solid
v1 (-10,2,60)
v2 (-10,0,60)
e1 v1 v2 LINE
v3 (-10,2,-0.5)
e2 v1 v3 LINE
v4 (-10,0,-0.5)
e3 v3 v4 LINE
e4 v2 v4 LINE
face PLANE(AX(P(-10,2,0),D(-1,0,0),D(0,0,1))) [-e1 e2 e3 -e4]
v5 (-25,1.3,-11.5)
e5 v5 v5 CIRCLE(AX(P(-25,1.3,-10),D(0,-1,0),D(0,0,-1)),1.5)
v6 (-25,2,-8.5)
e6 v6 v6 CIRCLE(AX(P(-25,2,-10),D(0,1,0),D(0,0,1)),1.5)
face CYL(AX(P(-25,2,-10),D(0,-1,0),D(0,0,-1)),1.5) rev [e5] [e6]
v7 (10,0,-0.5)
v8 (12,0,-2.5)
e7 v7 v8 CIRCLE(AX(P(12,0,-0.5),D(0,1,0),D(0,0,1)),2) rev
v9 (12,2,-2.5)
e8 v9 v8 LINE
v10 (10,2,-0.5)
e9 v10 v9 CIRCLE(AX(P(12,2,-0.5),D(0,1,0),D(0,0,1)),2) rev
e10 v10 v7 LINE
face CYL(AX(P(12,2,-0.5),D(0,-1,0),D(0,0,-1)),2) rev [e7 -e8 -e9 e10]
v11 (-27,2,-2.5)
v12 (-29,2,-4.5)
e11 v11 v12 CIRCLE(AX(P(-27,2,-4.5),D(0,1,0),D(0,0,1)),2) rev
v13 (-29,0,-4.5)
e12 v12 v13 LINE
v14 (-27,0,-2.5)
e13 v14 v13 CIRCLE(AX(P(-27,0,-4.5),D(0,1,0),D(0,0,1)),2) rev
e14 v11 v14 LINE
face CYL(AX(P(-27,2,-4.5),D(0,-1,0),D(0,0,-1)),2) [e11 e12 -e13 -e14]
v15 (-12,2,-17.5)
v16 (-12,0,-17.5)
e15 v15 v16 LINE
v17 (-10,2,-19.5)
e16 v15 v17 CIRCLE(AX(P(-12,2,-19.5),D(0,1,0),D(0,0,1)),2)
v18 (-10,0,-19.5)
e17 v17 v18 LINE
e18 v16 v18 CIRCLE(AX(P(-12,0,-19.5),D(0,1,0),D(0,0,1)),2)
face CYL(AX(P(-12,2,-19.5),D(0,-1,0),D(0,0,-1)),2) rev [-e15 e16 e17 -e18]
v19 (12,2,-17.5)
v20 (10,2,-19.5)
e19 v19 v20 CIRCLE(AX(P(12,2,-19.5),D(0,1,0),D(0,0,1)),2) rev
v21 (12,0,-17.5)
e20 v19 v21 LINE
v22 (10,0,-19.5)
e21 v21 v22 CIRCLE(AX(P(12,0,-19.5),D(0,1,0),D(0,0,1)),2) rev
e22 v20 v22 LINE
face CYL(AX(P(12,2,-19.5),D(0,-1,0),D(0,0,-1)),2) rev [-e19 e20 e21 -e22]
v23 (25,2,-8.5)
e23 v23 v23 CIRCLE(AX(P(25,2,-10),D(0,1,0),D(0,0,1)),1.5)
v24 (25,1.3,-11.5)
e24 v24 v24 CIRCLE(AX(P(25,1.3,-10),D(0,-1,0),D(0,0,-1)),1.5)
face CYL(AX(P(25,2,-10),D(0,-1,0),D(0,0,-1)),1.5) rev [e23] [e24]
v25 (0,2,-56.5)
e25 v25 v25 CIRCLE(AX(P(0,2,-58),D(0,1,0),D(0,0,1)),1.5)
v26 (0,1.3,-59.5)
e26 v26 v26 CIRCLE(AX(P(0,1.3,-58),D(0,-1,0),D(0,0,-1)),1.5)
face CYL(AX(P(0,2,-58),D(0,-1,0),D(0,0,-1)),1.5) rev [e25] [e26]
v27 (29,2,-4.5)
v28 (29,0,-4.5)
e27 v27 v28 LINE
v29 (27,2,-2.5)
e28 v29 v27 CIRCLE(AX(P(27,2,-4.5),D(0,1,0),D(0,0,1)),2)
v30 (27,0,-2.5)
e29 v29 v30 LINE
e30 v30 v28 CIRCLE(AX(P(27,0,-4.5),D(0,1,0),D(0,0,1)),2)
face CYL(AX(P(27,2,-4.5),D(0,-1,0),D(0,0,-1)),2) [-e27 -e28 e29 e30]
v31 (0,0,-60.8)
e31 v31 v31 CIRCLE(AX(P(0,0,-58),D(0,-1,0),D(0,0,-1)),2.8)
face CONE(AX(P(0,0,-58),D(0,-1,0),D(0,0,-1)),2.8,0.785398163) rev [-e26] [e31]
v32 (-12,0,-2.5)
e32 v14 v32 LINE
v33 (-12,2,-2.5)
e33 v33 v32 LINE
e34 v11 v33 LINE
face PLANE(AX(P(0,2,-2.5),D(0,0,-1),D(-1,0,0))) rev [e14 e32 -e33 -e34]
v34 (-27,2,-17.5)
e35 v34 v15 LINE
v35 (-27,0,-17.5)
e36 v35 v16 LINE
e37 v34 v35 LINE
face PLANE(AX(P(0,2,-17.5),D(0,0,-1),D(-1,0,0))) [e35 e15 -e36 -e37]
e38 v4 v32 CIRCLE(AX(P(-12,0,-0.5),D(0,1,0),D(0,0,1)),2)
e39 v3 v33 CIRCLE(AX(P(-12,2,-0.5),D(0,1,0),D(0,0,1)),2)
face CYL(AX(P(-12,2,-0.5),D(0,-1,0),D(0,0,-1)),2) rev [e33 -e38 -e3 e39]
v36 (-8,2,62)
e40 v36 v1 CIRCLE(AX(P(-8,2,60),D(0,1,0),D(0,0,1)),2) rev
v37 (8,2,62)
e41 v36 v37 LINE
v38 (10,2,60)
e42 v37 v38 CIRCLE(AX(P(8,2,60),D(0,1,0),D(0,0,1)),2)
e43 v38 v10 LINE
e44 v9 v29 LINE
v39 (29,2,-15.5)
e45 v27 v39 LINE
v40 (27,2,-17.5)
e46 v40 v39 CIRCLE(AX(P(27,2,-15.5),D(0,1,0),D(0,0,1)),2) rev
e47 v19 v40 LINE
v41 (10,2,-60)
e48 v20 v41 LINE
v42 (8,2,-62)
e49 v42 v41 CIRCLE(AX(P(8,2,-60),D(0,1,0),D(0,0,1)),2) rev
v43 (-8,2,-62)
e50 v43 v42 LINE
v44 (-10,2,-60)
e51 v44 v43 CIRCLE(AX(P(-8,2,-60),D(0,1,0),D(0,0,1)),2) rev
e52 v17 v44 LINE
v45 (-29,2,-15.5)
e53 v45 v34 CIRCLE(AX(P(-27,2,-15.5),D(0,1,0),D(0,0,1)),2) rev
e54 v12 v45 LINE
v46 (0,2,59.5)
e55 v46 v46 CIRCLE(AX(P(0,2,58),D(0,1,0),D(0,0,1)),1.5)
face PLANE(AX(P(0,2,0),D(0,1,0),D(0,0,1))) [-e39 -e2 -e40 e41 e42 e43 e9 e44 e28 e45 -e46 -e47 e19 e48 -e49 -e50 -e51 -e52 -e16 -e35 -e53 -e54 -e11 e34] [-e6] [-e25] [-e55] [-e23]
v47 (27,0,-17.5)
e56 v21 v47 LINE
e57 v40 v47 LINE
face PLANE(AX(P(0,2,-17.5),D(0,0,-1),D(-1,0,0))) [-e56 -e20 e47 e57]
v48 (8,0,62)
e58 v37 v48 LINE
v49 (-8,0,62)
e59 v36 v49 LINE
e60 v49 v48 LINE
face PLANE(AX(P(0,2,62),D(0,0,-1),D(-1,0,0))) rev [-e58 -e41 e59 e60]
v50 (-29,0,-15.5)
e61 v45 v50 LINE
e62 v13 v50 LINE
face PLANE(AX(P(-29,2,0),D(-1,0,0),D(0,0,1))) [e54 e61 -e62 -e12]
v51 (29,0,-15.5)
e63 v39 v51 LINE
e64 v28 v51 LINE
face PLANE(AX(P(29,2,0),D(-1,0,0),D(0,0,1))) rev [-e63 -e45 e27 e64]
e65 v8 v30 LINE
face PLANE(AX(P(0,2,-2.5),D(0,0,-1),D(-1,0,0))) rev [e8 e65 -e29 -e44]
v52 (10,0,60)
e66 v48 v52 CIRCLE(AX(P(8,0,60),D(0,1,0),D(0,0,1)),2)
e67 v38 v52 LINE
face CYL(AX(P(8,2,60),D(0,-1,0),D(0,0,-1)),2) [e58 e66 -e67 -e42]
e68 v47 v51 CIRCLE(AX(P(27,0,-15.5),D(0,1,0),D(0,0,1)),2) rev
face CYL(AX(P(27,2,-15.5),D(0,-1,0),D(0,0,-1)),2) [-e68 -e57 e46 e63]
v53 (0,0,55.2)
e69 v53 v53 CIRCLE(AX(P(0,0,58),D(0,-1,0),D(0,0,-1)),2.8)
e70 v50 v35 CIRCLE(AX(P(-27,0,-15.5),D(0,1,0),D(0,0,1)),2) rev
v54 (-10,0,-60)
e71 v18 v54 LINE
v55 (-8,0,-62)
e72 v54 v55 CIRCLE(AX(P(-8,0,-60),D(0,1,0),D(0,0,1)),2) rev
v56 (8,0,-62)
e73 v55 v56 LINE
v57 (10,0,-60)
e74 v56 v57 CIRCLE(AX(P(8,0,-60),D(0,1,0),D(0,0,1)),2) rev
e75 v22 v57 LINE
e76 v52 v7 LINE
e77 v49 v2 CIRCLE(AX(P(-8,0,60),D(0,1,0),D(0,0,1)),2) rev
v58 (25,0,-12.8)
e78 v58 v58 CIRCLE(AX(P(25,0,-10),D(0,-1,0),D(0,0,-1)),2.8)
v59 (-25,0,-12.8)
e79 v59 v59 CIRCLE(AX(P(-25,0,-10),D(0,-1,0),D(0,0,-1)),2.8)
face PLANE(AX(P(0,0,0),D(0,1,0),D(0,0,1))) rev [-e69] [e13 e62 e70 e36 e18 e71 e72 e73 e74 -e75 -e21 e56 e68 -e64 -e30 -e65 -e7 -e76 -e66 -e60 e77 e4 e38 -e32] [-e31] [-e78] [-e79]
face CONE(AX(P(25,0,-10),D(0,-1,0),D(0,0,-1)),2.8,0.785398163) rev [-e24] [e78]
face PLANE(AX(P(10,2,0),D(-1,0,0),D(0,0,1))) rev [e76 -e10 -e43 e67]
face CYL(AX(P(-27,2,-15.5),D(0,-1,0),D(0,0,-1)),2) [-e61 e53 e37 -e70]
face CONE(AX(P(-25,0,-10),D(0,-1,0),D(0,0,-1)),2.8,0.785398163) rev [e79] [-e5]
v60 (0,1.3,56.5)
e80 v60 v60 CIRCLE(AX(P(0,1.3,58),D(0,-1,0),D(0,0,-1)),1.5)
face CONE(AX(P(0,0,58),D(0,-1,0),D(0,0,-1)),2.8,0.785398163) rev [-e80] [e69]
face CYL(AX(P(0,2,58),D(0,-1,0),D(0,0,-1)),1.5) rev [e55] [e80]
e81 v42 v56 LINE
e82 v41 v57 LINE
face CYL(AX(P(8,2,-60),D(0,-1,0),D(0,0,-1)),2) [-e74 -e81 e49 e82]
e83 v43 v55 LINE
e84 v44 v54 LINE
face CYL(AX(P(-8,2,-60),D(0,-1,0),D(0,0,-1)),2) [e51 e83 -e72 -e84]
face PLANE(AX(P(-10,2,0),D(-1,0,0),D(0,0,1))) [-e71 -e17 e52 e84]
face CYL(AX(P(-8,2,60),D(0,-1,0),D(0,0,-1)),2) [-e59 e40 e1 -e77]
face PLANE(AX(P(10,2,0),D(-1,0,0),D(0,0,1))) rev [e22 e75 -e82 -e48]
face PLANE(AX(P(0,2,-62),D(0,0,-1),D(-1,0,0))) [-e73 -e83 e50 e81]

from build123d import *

# Parameters (mm, degrees)
SKETCH1_R                     = 1.5
BOSS_EXTRUDE1_DEPTH           = 2
CSK_FOR_M3_SFHCS1_D           = 3
CSK_FOR_M3_SFHCS1_DEPTH       = 9.5
CSK_FOR_M3_SFHCS1_CSINK_D     = 5.6
CSK_FOR_M3_SFHCS1_CSINK_ANGLE = 90
CSK_FOR_M3_SFHCS1_TIP         = 0.901290929


with BuildPart() as part:
    # Sketch1 → Boss-Extrude1 (new body)
    with BuildSketch(Plane(origin=(0, 0, 0), x_dir=(1, 0, 0), z_dir=(0, 1, 0))):
        with BuildLine():
            Line((12, 17.5), (27, 17.5))
            ThreePointArc((27, 17.5), (28.414213562, 16.914213562), (29, 15.5))
            Line((29, 15.5), (29, 4.5))
            ThreePointArc((29, 4.5), (28.414213562, 3.085786438), (27, 2.5))
            Line((27, 2.5), (12, 2.5))
            ThreePointArc((12, 2.5), (10.585786438, 1.914213562), (10, 0.5))
            Line((10, 0.5), (10, -60))
            ThreePointArc((10, -60), (9.414213562, -61.414213562), (8, -62))
            Line((8, -62), (-8, -62))
            ThreePointArc((-8, -62), (-9.414213562, -61.414213562), (-10, -60))
            Line((-10, -60), (-10, 0.5))
            ThreePointArc((-10, 0.5), (-10.585786438, 1.914213562), (-12, 2.5))
            Line((-12, 2.5), (-27, 2.5))
            ThreePointArc((-27, 2.5), (-28.414213562, 3.085786438), (-29, 4.5))
            Line((-29, 4.5), (-29, 15.5))
            ThreePointArc((-29, 15.5), (-28.414213562, 16.914213562), (-27, 17.5))
            Line((-27, 17.5), (-12, 17.5))
            ThreePointArc((-12, 17.5), (-10.585786438, 18.085786438), (-10, 19.5))
            Line((-10, 19.5), (-10, 60))
            ThreePointArc((-10, 60), (-9.414213562, 61.414213562), (-8, 62))
            Line((-8, 62), (8, 62))
            ThreePointArc((8, 62), (9.414213562, 61.414213562), (10, 60))
            Line((10, 60), (10, 19.5))
            ThreePointArc((10, 19.5), (10.585786438, 18.085786438), (12, 17.5))
        make_face()
        with Locations(Location((0, 58, 0), (0, 0, 270))):
            Circle(SKETCH1_R, mode=Mode.SUBTRACT)
        with Locations(Location((0, -58, 0), (0, 0, 270))):
            Circle(SKETCH1_R, mode=Mode.SUBTRACT)
        with Locations(Location((25, 10, 0), (0, 0, 270))):
            Circle(SKETCH1_R, mode=Mode.SUBTRACT)
        with Locations(Location((-25, 10, 0), (0, 0, 270))):
            Circle(SKETCH1_R, mode=Mode.SUBTRACT)
    extrude(amount=BOSS_EXTRUDE1_DEPTH)

    # CSK for M3 SFHCS1
    with Locations(Plane(origin=(25, 0, -10), x_dir=(0, 0, -1), z_dir=(0, -1, 0))):
        with Locations((0, 0), (0, -50), (-68, -25), (48, -25)):
            CounterSinkHole(CSK_FOR_M3_SFHCS1_D / 2, CSK_FOR_M3_SFHCS1_CSINK_D / 2, depth=CSK_FOR_M3_SFHCS1_DEPTH, counter_sink_angle=CSK_FOR_M3_SFHCS1_CSINK_ANGLE)
            with Locations((0, 0, -(CSK_FOR_M3_SFHCS1_DEPTH + CSK_FOR_M3_SFHCS1_TIP / 2))):  # 118° drill point
                Cone(0, CSK_FOR_M3_SFHCS1_D / 2, CSK_FOR_M3_SFHCS1_TIP, mode=Mode.SUBTRACT)


solid = part.part
